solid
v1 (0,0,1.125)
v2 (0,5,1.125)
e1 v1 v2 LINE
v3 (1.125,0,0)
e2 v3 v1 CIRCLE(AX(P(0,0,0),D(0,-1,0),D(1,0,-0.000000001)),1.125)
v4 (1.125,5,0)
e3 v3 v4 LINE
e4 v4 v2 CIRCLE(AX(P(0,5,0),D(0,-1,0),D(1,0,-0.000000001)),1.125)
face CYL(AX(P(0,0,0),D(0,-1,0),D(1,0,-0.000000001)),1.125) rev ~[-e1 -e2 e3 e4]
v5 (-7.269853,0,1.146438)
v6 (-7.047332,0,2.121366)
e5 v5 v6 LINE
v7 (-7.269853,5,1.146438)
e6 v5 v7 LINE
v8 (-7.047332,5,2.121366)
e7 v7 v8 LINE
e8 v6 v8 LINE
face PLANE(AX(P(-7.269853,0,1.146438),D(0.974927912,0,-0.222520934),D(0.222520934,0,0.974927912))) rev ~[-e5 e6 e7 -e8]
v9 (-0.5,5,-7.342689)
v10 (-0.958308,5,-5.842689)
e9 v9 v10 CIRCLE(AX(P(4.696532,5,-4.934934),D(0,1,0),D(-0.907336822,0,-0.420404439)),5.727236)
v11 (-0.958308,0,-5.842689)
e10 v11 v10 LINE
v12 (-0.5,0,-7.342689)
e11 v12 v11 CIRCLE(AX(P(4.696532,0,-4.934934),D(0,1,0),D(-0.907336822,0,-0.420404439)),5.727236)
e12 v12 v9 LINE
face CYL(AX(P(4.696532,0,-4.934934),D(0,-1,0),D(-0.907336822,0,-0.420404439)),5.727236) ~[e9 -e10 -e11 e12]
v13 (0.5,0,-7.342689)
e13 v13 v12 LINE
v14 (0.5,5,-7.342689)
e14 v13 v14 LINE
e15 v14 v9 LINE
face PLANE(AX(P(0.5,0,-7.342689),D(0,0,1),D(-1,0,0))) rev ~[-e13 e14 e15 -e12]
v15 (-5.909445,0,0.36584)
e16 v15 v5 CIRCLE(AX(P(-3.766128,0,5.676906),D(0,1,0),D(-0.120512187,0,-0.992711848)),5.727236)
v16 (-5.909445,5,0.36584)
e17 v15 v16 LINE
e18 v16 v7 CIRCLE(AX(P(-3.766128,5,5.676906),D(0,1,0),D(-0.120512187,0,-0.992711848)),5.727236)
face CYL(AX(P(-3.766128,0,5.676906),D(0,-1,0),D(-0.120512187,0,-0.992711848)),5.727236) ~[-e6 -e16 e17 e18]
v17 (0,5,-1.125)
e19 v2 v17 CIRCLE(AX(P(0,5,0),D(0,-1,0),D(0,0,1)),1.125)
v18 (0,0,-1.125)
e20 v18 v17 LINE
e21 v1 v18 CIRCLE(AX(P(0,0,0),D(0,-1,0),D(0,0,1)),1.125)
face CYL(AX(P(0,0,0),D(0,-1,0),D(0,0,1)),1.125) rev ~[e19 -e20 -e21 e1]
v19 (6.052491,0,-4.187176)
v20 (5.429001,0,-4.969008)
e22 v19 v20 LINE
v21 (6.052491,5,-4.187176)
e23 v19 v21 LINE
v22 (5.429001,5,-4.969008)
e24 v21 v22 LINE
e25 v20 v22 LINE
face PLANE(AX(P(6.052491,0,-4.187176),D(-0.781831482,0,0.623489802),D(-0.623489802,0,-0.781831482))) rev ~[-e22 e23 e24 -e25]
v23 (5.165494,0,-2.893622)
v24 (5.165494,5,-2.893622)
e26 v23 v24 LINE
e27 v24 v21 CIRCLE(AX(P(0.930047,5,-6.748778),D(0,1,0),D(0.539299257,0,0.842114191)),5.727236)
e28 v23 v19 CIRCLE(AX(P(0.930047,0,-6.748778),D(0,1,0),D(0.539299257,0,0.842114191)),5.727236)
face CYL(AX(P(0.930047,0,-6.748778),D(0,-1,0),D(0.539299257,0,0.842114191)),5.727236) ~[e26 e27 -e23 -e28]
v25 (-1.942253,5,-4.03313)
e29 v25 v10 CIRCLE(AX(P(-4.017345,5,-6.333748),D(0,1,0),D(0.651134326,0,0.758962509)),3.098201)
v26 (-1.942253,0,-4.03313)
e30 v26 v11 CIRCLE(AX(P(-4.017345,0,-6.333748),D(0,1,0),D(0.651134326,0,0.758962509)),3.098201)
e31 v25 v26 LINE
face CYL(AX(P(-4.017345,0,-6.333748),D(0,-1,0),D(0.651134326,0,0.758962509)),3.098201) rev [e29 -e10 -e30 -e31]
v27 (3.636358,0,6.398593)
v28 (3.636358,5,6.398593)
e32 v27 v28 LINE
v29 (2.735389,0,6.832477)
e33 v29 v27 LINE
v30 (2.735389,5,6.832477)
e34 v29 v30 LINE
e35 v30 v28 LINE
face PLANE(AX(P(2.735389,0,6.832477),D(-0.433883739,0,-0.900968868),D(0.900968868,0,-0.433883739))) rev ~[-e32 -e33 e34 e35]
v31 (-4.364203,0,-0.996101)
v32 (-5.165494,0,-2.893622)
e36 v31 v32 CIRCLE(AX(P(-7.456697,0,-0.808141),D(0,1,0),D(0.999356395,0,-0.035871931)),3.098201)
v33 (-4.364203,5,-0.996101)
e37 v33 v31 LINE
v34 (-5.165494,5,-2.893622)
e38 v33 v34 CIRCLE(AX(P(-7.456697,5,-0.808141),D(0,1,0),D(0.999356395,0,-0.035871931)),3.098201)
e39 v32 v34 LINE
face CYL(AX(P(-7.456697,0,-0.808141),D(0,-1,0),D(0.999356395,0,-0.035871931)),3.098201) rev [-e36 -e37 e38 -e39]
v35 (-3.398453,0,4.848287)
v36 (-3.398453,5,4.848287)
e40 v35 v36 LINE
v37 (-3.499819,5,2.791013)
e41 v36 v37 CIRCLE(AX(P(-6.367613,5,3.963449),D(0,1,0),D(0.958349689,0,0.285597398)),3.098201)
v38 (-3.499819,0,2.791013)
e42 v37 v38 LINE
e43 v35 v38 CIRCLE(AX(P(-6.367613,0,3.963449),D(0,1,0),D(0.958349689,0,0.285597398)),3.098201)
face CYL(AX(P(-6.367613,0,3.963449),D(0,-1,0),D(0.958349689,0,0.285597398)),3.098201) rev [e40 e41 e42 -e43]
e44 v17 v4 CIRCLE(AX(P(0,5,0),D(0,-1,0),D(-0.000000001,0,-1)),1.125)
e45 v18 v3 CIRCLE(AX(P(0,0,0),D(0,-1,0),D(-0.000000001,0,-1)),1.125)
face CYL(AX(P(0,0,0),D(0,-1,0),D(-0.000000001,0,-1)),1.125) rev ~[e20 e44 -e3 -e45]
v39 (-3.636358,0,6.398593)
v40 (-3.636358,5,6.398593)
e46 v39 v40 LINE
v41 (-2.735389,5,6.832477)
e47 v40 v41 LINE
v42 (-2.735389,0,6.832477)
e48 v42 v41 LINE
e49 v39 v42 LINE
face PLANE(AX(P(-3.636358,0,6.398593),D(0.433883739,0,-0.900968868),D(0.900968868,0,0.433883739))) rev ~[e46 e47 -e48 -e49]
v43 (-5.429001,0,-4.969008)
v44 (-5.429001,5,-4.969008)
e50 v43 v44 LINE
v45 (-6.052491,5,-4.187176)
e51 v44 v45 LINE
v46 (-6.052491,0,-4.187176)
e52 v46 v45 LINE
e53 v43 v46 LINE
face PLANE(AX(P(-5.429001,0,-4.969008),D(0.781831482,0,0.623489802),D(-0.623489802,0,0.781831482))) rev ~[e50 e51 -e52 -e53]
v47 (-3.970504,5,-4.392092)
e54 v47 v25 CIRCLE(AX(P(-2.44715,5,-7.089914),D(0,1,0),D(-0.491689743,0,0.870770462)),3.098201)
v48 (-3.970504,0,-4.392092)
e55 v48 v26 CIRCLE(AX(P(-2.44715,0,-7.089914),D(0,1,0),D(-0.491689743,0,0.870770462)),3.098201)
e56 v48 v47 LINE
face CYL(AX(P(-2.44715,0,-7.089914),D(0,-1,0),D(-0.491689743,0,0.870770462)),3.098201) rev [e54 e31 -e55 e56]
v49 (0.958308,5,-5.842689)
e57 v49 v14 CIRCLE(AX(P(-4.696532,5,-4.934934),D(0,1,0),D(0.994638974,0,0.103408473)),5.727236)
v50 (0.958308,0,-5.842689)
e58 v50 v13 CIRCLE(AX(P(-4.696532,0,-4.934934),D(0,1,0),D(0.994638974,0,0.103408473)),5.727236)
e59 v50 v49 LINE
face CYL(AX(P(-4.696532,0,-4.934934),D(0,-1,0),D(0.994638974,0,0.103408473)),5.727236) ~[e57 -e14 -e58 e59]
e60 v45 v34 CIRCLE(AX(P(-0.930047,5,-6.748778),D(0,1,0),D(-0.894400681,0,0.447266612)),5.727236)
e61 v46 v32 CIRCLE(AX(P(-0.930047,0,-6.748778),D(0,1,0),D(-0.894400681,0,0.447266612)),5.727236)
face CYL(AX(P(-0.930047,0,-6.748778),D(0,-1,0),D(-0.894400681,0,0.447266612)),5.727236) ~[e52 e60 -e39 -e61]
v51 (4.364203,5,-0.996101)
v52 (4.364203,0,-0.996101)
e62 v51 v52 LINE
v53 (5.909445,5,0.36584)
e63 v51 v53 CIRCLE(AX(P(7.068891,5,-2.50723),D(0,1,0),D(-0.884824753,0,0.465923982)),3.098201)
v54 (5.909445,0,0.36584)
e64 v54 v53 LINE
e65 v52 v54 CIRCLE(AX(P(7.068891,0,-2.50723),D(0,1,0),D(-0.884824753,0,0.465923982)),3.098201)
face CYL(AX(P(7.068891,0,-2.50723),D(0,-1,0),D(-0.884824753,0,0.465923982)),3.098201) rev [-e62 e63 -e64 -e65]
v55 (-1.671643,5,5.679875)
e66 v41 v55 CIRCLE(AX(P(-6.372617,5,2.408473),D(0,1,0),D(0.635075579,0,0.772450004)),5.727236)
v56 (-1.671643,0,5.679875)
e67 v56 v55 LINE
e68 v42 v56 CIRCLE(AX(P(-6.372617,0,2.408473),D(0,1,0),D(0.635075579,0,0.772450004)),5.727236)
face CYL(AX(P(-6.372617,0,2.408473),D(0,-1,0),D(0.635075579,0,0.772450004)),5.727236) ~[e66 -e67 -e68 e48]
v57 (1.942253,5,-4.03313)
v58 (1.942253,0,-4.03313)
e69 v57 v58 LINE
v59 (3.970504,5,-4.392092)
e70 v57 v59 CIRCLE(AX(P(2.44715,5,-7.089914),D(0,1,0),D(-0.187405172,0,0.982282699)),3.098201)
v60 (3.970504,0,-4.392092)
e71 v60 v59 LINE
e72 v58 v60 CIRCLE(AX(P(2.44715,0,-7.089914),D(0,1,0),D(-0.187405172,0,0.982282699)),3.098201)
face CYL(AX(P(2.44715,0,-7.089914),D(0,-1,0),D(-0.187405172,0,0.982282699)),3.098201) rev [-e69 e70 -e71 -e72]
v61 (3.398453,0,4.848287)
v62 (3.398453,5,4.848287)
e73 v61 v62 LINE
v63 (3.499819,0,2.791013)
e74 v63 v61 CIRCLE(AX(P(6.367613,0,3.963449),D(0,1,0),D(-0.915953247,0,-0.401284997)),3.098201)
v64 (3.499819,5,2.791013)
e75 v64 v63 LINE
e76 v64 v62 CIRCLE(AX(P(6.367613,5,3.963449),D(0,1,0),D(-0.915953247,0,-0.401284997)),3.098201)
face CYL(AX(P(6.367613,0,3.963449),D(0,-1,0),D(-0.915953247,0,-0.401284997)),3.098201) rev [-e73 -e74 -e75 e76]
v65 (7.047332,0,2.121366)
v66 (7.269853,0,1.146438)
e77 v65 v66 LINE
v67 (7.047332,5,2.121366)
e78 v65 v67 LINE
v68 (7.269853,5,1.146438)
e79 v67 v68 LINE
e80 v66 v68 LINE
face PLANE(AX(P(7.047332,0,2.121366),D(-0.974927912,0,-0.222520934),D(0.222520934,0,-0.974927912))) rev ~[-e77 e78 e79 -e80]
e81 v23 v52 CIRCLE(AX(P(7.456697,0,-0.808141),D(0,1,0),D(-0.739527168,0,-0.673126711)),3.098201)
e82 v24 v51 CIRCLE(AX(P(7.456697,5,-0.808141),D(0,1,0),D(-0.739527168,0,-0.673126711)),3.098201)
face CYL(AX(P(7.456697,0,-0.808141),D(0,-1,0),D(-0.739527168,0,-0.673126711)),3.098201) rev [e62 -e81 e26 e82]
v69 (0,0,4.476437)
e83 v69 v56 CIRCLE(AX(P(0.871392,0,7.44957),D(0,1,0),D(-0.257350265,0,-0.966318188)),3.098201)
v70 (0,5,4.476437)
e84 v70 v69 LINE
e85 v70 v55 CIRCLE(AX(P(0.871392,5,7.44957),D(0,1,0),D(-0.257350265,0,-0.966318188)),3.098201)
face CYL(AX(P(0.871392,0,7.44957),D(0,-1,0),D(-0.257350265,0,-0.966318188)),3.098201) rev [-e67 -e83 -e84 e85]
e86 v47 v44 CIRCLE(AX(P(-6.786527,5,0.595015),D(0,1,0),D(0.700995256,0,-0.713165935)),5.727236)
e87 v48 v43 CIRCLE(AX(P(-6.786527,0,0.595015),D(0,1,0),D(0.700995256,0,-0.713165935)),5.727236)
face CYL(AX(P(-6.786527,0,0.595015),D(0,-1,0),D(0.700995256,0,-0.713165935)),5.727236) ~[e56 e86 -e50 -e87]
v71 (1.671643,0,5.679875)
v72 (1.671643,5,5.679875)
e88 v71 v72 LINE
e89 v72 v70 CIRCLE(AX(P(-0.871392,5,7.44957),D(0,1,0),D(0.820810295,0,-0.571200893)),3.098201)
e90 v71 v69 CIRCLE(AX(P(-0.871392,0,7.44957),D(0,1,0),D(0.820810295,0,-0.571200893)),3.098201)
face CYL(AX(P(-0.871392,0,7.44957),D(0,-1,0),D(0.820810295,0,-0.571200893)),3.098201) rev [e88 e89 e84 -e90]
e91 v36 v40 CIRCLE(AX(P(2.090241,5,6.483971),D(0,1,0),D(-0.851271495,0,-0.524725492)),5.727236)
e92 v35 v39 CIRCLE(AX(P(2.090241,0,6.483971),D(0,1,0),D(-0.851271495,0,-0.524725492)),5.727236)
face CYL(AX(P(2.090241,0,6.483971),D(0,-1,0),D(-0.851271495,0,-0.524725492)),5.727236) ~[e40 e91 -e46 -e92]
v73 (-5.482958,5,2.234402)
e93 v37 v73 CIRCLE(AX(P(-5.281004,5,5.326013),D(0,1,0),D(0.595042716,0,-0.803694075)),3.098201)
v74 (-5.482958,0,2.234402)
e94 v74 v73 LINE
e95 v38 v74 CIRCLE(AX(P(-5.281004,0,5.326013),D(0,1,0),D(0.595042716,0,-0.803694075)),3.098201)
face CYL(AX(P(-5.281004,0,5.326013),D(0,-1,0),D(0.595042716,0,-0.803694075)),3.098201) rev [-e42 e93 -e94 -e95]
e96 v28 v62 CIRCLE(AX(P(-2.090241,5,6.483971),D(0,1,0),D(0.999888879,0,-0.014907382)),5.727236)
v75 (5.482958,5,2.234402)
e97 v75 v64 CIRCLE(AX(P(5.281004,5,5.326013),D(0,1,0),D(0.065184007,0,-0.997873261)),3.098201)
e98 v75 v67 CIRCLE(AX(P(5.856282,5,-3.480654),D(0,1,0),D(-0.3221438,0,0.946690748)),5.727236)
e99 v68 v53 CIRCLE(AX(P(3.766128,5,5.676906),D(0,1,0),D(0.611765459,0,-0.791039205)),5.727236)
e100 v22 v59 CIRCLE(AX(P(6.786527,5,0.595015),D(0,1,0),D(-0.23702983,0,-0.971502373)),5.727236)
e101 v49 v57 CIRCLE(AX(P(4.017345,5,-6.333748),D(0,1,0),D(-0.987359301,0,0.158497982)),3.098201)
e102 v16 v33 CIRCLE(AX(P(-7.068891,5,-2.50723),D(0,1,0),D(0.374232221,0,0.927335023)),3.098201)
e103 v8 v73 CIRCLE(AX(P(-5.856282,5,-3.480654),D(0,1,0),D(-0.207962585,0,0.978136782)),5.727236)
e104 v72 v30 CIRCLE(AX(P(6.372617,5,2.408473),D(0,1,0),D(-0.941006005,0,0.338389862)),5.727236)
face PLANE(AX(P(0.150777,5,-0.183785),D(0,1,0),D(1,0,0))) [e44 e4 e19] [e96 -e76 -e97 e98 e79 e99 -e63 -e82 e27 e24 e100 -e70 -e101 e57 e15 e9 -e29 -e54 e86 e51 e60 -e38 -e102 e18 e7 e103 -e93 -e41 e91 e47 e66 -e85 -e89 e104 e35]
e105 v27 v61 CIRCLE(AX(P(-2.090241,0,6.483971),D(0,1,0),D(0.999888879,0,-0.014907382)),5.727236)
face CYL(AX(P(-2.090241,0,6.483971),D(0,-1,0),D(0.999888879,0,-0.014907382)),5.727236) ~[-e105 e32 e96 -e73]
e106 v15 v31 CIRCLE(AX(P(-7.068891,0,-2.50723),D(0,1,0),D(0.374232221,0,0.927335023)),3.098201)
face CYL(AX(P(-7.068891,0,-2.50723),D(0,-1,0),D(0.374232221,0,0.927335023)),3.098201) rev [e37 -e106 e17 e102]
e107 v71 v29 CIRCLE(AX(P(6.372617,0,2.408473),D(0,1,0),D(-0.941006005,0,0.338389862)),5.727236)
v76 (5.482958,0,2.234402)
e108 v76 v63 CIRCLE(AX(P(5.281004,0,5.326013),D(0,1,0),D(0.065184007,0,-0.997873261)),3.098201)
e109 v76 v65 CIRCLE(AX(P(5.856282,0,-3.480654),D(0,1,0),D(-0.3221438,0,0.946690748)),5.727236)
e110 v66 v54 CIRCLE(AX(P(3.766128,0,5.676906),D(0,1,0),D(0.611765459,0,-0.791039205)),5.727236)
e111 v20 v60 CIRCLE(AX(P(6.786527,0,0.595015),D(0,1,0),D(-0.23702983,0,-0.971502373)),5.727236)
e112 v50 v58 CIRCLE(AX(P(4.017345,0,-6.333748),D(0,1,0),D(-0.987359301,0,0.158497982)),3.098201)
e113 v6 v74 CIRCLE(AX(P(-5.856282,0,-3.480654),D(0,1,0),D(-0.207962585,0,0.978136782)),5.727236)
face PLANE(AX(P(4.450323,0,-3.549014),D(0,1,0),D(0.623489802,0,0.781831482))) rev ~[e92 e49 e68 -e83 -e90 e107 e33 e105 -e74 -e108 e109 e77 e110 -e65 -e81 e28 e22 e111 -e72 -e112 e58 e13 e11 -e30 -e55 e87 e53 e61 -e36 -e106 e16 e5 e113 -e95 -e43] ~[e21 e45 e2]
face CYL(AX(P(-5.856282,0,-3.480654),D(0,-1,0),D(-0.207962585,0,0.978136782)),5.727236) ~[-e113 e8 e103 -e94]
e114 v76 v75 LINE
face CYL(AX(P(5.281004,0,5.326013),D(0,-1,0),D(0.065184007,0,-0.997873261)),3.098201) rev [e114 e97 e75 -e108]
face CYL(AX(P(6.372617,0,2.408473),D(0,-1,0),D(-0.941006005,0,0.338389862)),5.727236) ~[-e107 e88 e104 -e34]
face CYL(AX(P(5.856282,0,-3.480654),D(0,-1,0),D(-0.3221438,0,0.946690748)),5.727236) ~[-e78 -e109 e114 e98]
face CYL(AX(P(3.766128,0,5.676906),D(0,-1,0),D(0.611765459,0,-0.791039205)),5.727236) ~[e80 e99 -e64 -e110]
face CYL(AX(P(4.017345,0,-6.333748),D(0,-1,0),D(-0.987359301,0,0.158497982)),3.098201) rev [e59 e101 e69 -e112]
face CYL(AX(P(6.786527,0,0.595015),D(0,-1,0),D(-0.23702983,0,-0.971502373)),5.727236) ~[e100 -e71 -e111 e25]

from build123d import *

# Parameters (mm, degrees)
BOSS_EXTRUDE1_DEPTH = 5
CIRPATTERN2_COUNT   = 7
BOSS_EXTRUDE3_DEPTH = 5


with BuildPart() as part:
    # Sketch1 → Boss-Extrude1 (new body)
    with BuildSketch(Plane(origin=(0, 0, 0), x_dir=(1, 0, 0), z_dir=(0, 1, 0))):
        with BuildLine():
            Line((0.5, 7.342689489), (-0.5, 7.342689489))
            ThreePointArc((-0.5, 7.342689489), (-0.952778657, 5.876485931), (-1, 4.342689489))
            Line((-1, 4.342689489), (1, 4.342689489))
            ThreePointArc((1, 4.342689489), (0.952778657, 5.876485931), (0.5, 7.342689489))
        make_face()
        with BuildLine():
            Line((0, 5.842689489), (0.9583076, 5.842689489))
            ThreePointArc((0.9583076, 5.842689489), (1.314078634, 4.820077302), (2, 3.98232997))
            Line((2, 3.98232997), (-2, 3.98232997))
            ThreePointArc((-2, 3.98232997), (-1.314078634, 4.820077302), (-0.9583076, 5.842689489))
            Line((-0.9583076, 5.842689489), (0, 5.842689489))
        make_face()
    boss_extrude1 = extrude(amount=BOSS_EXTRUDE1_DEPTH)

    # CirPattern2: Boss-Extrude1 ×7 about axis
    cirpattern2_axis = Axis((0, 0, 0), (0, 1, 0))
    for i in range(1, CIRPATTERN2_COUNT):
        add(boss_extrude1.rotate(cirpattern2_axis, i * 360 / CIRPATTERN2_COUNT))

    # Sketch1<5> → Boss-Extrude3 (add)
    with BuildSketch(Plane(origin=(0, 0, 0), x_dir=(1, 0, 0), z_dir=(0, 1, 0))):
        with BuildLine():
            ThreePointArc((4.456338407, 0), (3.792863615, 2.339473785), (2, 3.98232997))
            Line((2, 3.98232997), (-2, 3.98232997))
            ThreePointArc((-2, 3.98232997), (-2.339473785, -3.792863615), (4.456338407, 0))
        make_face()
        with BuildLine():
            ThreePointArc((1.125, 0), (0.795495129, -0.795495129), (0, -1.125))
            ThreePointArc((0, -1.125), (-1.125, 0), (0, 1.125))
            ThreePointArc((0, 1.125), (0.795495129, 0.795495129), (1.125, 0))
        make_face(mode=Mode.SUBTRACT)
    extrude(amount=BOSS_EXTRUDE3_DEPTH)


solid = part.part
